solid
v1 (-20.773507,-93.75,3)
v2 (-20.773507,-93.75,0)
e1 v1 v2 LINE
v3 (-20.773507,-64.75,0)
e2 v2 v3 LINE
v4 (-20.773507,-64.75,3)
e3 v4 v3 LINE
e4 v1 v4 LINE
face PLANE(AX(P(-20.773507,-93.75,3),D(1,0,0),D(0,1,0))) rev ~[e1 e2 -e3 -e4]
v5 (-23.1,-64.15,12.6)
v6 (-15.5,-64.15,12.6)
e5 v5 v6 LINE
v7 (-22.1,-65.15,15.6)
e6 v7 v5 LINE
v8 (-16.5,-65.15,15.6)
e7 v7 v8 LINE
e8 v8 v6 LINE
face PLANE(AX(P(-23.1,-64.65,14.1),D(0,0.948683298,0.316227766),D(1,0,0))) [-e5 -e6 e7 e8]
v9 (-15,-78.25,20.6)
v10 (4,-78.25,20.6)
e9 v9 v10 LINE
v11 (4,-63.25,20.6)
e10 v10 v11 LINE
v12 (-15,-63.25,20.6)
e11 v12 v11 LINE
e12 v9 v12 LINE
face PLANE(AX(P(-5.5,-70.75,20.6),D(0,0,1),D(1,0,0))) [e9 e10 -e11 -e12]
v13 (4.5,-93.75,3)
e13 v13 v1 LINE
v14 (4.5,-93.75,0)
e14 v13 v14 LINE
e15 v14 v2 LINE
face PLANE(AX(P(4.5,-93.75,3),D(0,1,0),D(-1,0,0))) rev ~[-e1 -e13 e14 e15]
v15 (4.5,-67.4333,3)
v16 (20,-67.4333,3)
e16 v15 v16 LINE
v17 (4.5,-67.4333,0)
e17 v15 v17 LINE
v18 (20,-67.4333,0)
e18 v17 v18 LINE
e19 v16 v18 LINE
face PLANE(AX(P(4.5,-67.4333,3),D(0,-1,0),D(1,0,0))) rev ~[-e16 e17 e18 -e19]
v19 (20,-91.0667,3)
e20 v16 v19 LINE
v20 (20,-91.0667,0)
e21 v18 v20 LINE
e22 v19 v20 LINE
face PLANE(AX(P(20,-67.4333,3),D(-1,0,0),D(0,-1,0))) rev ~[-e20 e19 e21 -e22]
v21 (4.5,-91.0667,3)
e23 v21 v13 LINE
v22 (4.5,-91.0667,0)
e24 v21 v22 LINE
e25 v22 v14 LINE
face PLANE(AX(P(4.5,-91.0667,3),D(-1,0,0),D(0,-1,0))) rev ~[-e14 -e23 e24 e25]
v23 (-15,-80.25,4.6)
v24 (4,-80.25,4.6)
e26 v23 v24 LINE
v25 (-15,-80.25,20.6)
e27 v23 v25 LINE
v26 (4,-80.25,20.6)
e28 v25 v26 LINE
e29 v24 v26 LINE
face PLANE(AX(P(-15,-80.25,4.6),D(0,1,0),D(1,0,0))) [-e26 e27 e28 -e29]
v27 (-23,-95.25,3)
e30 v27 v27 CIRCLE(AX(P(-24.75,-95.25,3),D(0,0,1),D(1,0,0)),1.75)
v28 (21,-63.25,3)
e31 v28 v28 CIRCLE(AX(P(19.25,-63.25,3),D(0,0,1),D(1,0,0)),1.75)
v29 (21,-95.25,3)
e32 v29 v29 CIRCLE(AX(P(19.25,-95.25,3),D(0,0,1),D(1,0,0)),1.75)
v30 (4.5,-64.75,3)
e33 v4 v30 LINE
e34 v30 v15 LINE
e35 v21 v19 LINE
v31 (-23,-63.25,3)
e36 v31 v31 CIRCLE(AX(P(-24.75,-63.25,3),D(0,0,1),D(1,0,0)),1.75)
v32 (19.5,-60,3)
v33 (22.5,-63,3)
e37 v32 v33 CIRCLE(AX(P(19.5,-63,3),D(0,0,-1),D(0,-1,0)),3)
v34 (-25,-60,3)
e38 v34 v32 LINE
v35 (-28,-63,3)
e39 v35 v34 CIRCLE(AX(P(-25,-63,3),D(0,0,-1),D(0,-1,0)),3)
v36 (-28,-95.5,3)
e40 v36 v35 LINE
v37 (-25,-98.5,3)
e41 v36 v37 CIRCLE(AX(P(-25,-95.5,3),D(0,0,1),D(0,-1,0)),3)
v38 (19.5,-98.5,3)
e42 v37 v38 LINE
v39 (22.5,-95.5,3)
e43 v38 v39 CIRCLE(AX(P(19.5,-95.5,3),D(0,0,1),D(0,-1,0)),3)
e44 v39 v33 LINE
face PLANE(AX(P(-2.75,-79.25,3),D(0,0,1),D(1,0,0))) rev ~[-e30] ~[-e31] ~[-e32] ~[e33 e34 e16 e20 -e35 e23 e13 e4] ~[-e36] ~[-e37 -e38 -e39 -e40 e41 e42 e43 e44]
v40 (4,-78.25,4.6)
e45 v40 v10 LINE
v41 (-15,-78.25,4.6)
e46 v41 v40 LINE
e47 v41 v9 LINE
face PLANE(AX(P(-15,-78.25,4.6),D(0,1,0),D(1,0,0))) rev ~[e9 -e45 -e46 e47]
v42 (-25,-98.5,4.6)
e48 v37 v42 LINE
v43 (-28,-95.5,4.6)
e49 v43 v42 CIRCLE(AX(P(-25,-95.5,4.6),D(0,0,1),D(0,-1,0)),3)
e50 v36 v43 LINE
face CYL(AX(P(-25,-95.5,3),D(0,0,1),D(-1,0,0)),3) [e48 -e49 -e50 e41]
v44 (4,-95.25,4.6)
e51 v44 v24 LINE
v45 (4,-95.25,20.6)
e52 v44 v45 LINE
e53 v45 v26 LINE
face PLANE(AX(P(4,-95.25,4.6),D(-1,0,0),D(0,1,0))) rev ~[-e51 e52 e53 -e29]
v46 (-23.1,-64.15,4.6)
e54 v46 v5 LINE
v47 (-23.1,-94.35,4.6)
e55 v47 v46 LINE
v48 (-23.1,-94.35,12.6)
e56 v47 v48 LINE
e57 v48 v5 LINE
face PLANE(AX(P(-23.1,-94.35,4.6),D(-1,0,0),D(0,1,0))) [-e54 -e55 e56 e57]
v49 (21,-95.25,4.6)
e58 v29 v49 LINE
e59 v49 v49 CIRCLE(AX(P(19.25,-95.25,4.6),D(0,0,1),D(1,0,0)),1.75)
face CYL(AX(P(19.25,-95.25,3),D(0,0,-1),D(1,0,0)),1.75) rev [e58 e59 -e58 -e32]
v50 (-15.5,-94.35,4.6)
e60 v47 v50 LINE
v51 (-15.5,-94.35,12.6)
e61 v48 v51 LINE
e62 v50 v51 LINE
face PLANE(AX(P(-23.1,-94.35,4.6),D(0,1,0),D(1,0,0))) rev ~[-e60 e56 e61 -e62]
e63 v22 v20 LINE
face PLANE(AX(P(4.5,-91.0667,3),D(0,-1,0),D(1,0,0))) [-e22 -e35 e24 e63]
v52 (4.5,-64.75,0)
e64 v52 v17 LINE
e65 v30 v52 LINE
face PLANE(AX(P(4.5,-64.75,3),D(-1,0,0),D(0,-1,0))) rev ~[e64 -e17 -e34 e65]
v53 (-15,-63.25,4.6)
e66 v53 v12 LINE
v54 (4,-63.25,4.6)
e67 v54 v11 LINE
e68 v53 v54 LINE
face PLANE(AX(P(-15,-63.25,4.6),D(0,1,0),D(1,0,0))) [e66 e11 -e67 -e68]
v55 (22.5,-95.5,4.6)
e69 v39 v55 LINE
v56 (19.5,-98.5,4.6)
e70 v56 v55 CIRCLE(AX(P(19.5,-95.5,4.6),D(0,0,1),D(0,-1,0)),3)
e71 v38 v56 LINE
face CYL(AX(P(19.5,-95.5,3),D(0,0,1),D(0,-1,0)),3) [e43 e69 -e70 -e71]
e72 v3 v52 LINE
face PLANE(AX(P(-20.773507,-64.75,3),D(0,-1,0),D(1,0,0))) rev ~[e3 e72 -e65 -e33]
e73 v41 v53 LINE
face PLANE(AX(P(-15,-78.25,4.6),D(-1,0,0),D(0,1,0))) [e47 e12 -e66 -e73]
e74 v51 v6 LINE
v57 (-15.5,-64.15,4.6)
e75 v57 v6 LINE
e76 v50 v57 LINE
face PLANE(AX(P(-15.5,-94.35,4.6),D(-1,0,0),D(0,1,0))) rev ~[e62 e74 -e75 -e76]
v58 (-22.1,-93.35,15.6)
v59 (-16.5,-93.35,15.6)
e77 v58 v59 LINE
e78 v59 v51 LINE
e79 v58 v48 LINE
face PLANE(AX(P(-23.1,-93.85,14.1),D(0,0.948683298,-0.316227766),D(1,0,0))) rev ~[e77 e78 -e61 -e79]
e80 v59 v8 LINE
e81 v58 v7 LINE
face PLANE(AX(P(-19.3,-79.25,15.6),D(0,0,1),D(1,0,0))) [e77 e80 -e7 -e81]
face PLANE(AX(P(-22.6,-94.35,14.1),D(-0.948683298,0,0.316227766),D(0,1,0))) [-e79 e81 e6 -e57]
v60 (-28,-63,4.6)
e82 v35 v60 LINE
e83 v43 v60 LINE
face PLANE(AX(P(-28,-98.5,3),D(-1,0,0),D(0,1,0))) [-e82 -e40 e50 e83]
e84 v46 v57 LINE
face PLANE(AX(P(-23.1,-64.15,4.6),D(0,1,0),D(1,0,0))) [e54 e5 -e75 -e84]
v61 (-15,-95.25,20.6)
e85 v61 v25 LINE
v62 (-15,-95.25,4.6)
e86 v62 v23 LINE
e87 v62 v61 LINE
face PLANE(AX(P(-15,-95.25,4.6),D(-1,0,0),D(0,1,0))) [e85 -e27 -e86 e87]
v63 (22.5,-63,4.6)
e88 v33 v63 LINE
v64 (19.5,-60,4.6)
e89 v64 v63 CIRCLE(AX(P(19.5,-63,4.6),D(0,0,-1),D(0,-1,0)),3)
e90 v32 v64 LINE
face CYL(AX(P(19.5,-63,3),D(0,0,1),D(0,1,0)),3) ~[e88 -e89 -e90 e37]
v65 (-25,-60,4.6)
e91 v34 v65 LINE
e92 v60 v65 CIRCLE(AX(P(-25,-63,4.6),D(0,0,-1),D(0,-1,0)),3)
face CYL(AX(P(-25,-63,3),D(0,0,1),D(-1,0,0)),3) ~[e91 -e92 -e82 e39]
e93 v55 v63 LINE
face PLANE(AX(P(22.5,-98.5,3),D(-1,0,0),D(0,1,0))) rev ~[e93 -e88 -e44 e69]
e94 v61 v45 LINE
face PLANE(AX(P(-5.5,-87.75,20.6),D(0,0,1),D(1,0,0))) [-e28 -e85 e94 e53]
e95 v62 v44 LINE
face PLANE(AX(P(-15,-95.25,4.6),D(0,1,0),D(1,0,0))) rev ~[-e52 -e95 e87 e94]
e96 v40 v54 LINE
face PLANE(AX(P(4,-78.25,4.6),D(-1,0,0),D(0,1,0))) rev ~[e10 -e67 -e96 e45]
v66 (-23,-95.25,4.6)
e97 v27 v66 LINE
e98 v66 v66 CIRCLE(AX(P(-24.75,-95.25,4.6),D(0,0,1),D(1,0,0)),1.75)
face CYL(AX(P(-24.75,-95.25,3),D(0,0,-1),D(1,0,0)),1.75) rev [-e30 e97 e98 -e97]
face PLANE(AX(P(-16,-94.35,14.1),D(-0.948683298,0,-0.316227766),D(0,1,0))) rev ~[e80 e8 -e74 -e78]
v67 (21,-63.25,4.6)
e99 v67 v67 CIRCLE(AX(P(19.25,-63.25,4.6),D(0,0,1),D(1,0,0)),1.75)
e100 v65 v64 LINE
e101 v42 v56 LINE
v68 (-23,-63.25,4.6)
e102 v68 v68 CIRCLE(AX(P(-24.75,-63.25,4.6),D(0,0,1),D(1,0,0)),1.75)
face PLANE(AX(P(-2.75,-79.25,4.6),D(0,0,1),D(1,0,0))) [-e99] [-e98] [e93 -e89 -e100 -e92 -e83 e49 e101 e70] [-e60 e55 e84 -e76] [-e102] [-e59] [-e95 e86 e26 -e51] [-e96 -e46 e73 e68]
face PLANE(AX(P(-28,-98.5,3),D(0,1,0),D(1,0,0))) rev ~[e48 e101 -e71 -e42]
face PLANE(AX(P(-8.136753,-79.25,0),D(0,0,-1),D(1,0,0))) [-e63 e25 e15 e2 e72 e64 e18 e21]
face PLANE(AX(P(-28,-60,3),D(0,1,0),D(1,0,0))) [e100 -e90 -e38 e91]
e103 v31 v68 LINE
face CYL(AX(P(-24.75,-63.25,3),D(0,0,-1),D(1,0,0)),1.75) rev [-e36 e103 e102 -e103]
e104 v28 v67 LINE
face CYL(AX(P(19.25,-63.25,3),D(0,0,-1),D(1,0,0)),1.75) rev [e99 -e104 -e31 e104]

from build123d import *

# Parameters (mm, degrees)
F1_START = 3
F0_W     = 50.5
F0_H     = 38.5
F0_R     = 1.75
F1_DEPTH = 1.6
F2_R     = 3
F3_W     = 15.5
F3_H     = 23.6333997347
F4_DEPTH = 3
F5_W     = 19
F5_H     = 15
F6_DEPTH = 16
F5_W_2   = 7.6
F5_H_2   = 30.2
F7_DEPTH = 11
F8_SIZE2 = 3
F8_SIZE  = 1


with BuildPart() as f1:
    # F0 (on Top) → F1 (new body)
    with BuildSketch(Plane.XY.offset(F1_START)):
        with Locations((-2.75, -79.25)):
            Rectangle(F0_W, F0_H)
        with Locations((-24.75, -95.25)):
            Circle(F0_R, mode=Mode.SUBTRACT)
        with Locations((19.25, -95.25)):
            Circle(F0_R, mode=Mode.SUBTRACT)
        with Locations((-24.75, -63.25)):
            Circle(F0_R, mode=Mode.SUBTRACT)
        with Locations((19.25, -63.25)):
            Circle(F0_R, mode=Mode.SUBTRACT)
    extrude(amount=F1_DEPTH)

    # F2
    f2_edges = [f1.edges().sort_by_distance(p)[0] for p in [
        (22.5, -98.5, 3.8),
        (22.5, -60, 3.8),
        (-28, -60, 3.8),
        (-28, -98.5, 3.8),
    ]]
    fillet(f2_edges, radius=F2_R)

    # F3 (on face) → F4 (join)
    with BuildSketch(Plane(origin=(0, 0, 3), x_dir=(1, 0, 0), z_dir=(0, 0, -1))):
        Polygon((-20.7735065699, 93.75), (-20.7735065699, 64.75), (4.5, 64.75), (4.5, 67.4333001327), (4.5, 91.0666998673), (4.5, 93.75), align=None)
        with Locations((12.25, 79.25)):
            Rectangle(F3_W, F3_H)
    extrude(amount=F4_DEPTH)

    # F5 (on face) → F6 (join)
    with BuildSketch(Plane.XY.offset(4.6)):
        with Locations((-5.5, -70.75)):
            Rectangle(F5_W, F5_H)
        with Locations((-5.5, -87.75)):
            Rectangle(F5_W, F5_H)
    extrude(amount=F6_DEPTH)

    # F5 (on face) → F7 (join)
    with BuildSketch(Plane.XY.offset(4.6)):
        with Locations((-19.3, -79.25)):
            Rectangle(F5_W_2, F5_H_2)
    extrude(amount=F7_DEPTH)

    # F8
    f8_edges = [f1.edges().sort_by_distance(p)[0] for p in [
        (-23.1, -79.25, 15.6),
        (-19.3, -64.15, 15.6),
        (-19.3, -94.35, 15.6),
        (-15.5, -79.25, 15.6),
    ]]
    f8_side = f1.faces().sort_by_distance((-19.3, -79.25, 15.6))[0]
    chamfer(f8_edges, length=F8_SIZE, length2=F8_SIZE2, reference=f8_side)


solid = f1.part
